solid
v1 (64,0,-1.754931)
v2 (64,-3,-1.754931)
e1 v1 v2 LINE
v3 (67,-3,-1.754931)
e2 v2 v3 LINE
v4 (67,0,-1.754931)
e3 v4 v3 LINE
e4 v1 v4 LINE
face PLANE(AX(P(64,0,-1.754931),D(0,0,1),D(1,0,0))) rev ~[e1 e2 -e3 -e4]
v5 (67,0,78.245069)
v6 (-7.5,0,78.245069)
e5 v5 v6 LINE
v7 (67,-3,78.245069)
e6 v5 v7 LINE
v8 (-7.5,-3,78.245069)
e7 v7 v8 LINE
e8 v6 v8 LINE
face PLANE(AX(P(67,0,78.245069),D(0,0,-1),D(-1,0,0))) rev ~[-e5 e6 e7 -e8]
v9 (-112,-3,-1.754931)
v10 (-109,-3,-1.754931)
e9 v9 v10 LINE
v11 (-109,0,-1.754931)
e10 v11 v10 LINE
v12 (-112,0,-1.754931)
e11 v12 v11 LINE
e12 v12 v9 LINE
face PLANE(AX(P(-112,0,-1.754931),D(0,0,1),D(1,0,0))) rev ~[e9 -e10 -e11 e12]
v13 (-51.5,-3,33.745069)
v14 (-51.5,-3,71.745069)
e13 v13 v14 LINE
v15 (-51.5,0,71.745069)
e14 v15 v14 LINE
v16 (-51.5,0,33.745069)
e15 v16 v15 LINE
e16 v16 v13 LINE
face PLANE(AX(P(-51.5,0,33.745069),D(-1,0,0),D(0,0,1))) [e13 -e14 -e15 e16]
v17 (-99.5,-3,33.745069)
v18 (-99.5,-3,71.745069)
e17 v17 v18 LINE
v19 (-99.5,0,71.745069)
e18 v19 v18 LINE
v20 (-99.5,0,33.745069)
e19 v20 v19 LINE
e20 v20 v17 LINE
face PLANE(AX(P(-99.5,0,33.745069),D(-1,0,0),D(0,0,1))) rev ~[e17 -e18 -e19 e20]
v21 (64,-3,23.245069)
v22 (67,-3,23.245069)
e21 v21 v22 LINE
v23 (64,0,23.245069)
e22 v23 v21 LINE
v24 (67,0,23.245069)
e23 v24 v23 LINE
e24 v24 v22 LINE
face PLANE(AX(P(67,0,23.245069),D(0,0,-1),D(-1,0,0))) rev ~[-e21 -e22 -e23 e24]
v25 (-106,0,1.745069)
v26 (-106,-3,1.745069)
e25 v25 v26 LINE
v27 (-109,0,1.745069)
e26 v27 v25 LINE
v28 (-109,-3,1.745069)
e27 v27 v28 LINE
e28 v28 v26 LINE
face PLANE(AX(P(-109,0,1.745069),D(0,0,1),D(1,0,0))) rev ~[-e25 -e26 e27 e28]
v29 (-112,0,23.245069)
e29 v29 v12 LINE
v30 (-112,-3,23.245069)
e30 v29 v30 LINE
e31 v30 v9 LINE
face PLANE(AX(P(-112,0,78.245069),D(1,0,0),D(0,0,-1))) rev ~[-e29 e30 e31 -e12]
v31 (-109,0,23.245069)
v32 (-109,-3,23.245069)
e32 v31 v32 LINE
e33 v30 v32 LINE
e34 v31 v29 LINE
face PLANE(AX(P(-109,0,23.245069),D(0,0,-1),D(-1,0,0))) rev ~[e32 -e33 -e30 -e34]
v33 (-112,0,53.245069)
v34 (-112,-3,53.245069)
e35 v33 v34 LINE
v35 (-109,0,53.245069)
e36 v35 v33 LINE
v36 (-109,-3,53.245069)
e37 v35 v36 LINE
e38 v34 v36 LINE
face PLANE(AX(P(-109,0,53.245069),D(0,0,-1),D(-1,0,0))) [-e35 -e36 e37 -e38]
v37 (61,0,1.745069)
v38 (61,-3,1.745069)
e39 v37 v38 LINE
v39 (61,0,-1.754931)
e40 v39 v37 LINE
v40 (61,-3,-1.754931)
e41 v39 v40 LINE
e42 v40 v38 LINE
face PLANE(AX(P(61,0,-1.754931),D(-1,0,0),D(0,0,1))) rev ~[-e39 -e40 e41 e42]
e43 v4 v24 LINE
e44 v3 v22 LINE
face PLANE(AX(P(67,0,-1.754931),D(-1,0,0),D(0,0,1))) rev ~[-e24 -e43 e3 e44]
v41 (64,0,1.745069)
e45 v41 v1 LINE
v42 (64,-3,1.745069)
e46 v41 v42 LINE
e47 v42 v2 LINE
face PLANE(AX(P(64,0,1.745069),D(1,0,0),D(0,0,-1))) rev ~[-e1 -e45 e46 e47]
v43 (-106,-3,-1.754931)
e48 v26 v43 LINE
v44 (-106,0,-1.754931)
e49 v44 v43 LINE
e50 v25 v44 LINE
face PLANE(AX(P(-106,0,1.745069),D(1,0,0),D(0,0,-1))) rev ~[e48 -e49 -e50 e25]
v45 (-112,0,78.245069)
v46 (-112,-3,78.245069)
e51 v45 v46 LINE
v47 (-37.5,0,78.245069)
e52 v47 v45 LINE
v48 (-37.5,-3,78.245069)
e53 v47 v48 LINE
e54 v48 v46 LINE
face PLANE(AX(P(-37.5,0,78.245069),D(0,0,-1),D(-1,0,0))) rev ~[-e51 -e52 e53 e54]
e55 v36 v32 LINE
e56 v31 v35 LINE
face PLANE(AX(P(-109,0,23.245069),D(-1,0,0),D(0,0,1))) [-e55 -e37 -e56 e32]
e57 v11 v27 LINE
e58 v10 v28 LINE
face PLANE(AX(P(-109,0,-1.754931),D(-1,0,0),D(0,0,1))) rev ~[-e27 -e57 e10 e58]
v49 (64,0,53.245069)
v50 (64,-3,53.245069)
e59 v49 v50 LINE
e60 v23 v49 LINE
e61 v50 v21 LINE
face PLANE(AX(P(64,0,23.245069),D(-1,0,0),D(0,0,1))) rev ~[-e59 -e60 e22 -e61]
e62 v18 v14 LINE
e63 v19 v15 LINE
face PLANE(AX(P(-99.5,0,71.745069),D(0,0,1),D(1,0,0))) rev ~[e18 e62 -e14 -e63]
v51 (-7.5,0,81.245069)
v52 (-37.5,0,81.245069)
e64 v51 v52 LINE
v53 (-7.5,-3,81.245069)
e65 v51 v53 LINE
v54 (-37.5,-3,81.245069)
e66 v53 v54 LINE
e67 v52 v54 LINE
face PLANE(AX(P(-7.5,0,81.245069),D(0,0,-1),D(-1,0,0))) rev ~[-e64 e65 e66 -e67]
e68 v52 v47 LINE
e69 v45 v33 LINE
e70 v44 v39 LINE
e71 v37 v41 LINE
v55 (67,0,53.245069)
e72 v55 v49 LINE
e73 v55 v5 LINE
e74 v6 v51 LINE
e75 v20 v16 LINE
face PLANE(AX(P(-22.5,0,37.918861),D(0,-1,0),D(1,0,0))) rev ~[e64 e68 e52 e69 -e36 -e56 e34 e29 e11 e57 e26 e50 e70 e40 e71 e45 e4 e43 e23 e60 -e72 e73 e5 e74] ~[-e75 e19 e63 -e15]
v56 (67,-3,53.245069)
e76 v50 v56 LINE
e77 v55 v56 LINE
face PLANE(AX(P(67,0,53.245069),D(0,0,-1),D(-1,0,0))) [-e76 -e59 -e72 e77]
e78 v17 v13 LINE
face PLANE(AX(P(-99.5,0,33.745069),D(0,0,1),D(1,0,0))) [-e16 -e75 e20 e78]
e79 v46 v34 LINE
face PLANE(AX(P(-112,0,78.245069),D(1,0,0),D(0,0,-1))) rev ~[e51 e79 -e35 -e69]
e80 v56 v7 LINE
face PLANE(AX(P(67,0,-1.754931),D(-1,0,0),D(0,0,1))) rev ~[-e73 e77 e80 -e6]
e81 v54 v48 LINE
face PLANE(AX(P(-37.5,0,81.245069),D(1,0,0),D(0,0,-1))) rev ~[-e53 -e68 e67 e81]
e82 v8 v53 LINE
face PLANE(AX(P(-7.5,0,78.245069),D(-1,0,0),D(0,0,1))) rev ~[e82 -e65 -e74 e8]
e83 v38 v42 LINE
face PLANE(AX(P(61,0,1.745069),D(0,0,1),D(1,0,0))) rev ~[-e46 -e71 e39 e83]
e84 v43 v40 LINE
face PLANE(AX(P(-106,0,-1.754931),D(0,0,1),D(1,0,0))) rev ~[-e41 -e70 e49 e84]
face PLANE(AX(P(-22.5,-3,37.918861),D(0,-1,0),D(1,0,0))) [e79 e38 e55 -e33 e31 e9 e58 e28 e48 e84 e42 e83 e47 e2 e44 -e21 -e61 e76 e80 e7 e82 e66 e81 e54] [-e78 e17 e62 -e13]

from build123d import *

# Parameters (mm, degrees)
F0_W     = 48
F0_H     = 38
F1_DEPTH = 3
F2_W     = 3
F2_H     = 30
F3_DEPTH = 25


with BuildPart() as f1:
    # F0 (on Front) → F1 (new body)
    with BuildSketch(Plane.XZ):
        Polygon((-37.5, 78.245069), (-112, 78.245069), (-112, -1.754931), (-109, -1.754931), (-109, 1.745069), (-106, 1.745069), (-106, -1.754931), (61, -1.754931), (61, 1.745069), (64, 1.745069), (64, -1.754931), (67, -1.754931), (67, 78.245069), (-7.5, 78.245069), (-7.5, 81.245069), (-37.5, 81.245069), align=None)
        with Locations((-75.5, 52.745069)):
            Rectangle(F0_W, F0_H, mode=Mode.SUBTRACT)
    extrude(amount=F1_DEPTH)

    # F2 (on face) → F3 (cut)
    with BuildSketch(Plane(origin=(0, 0, 0), x_dir=(-1, 0, 0), z_dir=(0, 1, 0))):
        with Locations((-65.5, 38.245069)):
            Rectangle(F2_W, F2_H)
        with Locations((110.5, 38.245069)):
            Rectangle(F2_W, F2_H)
    extrude(amount=-F3_DEPTH, mode=Mode.SUBTRACT)


solid = f1.part
